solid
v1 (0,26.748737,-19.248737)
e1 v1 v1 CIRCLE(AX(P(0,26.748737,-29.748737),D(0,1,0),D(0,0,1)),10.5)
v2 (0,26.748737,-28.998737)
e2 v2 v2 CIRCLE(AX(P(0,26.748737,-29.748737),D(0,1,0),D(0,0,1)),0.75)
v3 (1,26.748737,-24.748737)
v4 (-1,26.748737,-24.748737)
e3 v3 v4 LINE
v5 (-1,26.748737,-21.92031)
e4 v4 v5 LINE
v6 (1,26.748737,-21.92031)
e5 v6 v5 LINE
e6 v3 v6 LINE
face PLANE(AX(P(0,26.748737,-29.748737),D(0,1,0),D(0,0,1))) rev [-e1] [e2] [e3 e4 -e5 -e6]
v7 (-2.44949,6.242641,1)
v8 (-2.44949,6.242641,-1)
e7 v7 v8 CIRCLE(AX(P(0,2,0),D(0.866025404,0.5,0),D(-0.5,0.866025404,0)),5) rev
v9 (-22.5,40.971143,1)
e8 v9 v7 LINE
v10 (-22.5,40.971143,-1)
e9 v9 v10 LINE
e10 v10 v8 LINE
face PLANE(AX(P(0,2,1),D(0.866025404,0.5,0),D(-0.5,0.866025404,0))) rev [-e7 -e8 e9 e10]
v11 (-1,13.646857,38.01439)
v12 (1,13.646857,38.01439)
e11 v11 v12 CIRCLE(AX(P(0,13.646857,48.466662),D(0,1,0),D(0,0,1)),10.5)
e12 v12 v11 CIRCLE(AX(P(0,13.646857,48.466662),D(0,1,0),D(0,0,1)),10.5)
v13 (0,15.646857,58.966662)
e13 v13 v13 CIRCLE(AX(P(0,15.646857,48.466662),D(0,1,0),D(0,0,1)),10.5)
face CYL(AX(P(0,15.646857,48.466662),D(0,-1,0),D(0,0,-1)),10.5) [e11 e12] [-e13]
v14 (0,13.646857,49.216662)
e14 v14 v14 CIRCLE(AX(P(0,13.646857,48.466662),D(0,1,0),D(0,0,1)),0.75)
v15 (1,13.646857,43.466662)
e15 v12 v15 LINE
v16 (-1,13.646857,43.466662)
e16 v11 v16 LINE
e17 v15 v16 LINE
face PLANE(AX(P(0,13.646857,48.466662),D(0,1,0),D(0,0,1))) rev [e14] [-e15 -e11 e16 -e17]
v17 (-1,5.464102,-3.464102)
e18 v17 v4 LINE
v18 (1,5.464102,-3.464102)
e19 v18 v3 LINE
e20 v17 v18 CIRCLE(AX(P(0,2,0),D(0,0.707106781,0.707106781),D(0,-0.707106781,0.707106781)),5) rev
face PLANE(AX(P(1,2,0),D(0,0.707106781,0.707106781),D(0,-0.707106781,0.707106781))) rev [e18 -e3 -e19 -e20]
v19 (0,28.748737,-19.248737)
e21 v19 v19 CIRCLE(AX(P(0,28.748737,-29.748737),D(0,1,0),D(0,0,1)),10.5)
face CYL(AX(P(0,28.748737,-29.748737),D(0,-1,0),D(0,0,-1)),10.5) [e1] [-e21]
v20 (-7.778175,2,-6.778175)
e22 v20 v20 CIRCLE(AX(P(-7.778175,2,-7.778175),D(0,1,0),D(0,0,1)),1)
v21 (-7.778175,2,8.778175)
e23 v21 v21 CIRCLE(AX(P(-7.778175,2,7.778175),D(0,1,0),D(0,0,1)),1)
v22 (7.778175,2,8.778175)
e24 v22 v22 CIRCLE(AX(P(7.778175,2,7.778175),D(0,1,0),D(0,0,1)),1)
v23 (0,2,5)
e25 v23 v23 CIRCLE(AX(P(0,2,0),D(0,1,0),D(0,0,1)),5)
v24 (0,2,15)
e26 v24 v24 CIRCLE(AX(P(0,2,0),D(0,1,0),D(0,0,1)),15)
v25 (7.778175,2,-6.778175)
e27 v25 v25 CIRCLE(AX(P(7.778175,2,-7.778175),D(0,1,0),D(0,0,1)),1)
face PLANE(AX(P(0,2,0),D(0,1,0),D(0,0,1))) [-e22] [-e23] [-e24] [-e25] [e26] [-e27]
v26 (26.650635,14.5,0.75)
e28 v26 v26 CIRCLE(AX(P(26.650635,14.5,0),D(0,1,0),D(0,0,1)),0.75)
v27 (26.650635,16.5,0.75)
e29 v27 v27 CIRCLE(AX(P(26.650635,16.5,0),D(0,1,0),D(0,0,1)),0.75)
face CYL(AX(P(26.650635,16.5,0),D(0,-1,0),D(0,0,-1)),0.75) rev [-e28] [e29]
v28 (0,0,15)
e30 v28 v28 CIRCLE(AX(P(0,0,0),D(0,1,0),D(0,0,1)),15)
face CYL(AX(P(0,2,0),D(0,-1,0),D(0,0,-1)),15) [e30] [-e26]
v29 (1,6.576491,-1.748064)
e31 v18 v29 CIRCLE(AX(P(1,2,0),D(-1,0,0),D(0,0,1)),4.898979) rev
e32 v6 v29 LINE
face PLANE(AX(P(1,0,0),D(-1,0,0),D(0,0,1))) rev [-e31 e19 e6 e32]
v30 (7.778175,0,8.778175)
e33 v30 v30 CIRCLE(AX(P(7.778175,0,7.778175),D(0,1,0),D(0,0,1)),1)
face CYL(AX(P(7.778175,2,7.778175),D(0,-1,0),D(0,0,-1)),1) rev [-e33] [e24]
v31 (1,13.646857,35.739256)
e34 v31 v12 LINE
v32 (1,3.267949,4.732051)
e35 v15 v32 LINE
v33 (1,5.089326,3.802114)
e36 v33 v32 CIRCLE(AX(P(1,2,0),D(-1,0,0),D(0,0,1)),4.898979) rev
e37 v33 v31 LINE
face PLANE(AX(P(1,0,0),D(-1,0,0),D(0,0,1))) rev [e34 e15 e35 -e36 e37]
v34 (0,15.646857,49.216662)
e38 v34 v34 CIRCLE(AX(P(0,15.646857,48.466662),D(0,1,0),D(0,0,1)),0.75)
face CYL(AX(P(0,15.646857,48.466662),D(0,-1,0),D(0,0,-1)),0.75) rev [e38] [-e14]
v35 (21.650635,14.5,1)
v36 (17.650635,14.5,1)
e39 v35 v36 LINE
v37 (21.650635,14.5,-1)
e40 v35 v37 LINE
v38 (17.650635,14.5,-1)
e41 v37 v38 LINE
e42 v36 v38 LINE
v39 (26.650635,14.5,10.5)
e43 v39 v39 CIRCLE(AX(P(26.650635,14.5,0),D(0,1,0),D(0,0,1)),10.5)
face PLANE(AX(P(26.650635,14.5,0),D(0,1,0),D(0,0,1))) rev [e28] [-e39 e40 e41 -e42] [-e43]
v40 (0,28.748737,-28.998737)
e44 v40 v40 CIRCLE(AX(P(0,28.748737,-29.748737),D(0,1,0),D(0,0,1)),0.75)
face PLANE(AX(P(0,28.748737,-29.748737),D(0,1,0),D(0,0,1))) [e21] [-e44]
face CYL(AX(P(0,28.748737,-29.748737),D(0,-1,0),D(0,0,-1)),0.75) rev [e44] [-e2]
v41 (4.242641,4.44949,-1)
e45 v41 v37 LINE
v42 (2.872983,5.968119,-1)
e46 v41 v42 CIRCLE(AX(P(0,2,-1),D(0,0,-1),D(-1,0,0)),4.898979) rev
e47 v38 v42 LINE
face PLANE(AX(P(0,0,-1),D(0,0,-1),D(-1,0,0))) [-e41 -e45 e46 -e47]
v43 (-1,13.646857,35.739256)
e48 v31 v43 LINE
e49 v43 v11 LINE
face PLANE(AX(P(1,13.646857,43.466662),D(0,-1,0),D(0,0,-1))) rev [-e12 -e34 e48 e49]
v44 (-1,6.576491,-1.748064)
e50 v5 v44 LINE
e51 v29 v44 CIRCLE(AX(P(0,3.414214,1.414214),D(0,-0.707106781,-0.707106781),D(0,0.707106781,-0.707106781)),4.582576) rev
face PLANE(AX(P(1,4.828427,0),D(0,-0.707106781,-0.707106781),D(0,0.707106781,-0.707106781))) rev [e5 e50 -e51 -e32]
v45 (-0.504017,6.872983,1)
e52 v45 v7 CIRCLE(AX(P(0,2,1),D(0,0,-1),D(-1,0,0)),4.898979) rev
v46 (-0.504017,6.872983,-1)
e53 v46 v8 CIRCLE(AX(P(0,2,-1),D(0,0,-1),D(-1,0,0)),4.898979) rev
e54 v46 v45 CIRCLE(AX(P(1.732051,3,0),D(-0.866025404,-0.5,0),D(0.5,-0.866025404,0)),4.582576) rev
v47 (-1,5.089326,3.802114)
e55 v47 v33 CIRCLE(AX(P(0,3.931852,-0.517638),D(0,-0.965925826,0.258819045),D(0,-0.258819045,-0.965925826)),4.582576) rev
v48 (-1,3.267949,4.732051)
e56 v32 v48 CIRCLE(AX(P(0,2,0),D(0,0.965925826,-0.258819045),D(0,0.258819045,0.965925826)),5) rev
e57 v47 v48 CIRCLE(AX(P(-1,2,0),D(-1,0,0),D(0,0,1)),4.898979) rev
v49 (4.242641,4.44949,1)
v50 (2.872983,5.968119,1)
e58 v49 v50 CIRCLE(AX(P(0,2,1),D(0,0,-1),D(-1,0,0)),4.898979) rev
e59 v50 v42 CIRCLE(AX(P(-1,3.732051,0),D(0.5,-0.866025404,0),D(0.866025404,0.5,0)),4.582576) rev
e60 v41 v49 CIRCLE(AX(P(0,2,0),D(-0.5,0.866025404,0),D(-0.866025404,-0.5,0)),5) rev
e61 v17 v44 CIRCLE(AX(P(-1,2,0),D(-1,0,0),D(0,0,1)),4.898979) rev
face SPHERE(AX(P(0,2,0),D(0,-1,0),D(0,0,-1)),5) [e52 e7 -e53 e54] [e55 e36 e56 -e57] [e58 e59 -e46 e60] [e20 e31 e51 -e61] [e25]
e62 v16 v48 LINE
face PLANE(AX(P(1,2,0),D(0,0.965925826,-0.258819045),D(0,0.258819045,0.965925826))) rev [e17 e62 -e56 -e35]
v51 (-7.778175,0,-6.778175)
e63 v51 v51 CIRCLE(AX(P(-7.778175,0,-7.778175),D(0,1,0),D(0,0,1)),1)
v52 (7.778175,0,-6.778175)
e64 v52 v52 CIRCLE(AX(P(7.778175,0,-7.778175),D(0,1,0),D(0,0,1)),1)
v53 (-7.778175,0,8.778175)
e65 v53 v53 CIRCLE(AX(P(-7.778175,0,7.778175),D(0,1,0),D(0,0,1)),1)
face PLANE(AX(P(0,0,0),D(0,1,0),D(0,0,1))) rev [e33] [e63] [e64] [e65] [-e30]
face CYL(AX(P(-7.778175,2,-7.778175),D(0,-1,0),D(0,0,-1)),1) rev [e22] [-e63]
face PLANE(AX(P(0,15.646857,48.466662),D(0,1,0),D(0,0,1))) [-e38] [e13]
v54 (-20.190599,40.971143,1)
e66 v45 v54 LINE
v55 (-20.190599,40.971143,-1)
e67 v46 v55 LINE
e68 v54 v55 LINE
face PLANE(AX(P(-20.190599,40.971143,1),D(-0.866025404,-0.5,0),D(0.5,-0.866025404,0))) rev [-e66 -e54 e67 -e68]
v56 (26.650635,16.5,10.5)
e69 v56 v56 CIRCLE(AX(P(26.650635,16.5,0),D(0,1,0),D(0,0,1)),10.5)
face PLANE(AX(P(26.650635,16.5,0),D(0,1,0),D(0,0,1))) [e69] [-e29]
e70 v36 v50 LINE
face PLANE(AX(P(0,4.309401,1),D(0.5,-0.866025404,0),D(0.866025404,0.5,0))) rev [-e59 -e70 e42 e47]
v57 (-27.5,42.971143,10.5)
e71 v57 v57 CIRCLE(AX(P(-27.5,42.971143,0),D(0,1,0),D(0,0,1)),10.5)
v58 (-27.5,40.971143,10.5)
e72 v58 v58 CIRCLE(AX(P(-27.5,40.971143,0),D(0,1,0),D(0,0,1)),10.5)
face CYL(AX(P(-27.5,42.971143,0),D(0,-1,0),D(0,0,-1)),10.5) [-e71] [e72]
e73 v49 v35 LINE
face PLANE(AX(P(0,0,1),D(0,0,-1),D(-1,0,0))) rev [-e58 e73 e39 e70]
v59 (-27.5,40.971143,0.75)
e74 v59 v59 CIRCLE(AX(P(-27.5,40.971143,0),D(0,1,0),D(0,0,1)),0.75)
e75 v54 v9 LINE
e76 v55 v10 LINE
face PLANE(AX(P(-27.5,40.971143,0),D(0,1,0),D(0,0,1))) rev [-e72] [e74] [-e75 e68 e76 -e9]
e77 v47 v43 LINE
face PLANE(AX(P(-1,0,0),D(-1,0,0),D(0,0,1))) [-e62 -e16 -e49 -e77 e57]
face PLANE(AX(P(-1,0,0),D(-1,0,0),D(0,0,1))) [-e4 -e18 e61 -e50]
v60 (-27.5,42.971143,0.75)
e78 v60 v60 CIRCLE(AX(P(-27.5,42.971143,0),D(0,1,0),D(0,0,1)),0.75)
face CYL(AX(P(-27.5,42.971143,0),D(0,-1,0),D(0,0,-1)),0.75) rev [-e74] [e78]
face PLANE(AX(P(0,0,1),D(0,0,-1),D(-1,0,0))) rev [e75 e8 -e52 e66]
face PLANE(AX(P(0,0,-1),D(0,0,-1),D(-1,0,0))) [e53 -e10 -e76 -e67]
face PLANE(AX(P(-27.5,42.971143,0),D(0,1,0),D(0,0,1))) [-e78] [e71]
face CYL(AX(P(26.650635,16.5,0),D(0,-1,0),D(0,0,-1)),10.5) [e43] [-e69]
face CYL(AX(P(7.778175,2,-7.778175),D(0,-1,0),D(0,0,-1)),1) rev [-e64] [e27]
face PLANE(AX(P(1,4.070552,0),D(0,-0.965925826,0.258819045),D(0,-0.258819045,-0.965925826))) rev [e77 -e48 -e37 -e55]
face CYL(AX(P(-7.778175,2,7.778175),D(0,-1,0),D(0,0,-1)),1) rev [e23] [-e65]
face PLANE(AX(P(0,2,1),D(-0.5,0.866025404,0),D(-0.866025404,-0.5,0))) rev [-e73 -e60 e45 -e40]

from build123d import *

# Parameters (mm, degrees)
SKETCH_1_R      = 15
SKETCH_1_R_2    = 1
EXTRUDE_1_DEPTH = 2
EXTRUDE_2_DEPTH = 1
SKETCH_4_R      = 10.5
SKETCH_4_R_2    = 0.75
EXTRUDE_3_DEPTH = 2
SKETCH_5_R      = 10.5
SKETCH_5_R_2    = 0.75
EXTRUDE_4_DEPTH = 2
EXTRUDE_5_DEPTH = 1
SKETCH_7_R      = 10.5
SKETCH_7_R_2    = 0.75
EXTRUDE_6_DEPTH = 2
SKETCH_8_R      = 10.5
SKETCH_8_R_2    = 0.75
EXTRUDE_7_DEPTH = 2


with BuildPart() as part:
    # 草图1 → 凸台-拉伸1 (new body)
    with BuildSketch(Plane(origin=(0, 0, 0), x_dir=(1, 0, 0), z_dir=(0, 1, 0))):
        with Locations(Location((0, 0, 0), (0, 0, 270))):
            Circle(SKETCH_1_R)
        with Locations(Location((7.778174593, 7.778174593, 0), (0, 0, 270))):
            Circle(SKETCH_1_R_2, mode=Mode.SUBTRACT)
        with Locations(Location((-7.778174593, 7.778174593, 0), (0, 0, 270))):
            Circle(SKETCH_1_R_2, mode=Mode.SUBTRACT)
        with Locations(Location((-7.778174593, -7.778174593, 0), (0, 0, 270))):
            Circle(SKETCH_1_R_2, mode=Mode.SUBTRACT)
        with Locations(Location((7.778174593, -7.778174593, 0), (0, 0, 270))):
            Circle(SKETCH_1_R_2, mode=Mode.SUBTRACT)
    extrude(amount=EXTRUDE_1_DEPTH)

    # 草图2 → 旋转1 (revolve)
    with BuildSketch(Plane(origin=(0, 0, 0), x_dir=(0, 0, -1), z_dir=(1, 0, 0))):
        with BuildLine():
            Line((0, 2), (0, 7))
            ThreePointArc((0, 7), (3.535533906, 5.535533906), (5, 2))
            Line((5, 2), (0, 2))
        make_face()
    revolve(axis=Axis((0, 2, 0), (0, 1, 0)))

    # 草图3 → 凸台-拉伸2 (add, symmetric)
    with BuildSketch(Plane.XY):
        Polygon((0, 2), (21.650635095, 14.5), (17.650635095, 14.5), (0, 4.309401077), (0, 6), (-20.190598923, 40.97114317), (-22.5, 40.97114317), align=None)
    extrude(amount=EXTRUDE_2_DEPTH, both=True)

    # 草图4 → 凸台-拉伸3 (add)
    with BuildSketch(Plane(origin=(0, 14.5, 0), x_dir=(1, 0, 0), z_dir=(0, 1, 0))):
        with Locations(Location((26.650635095, 0, 0), (0, 0, 270))):
            Circle(SKETCH_4_R)
        with Locations(Location((26.650635095, 0, 0), (0, 0, 270))):
            Circle(SKETCH_4_R_2, mode=Mode.SUBTRACT)
    extrude(amount=EXTRUDE_3_DEPTH)

    # 草图5 → 凸台-拉伸4 (add)
    with BuildSketch(Plane(origin=(0, 40.97114317, 0), x_dir=(1, 0, 0), z_dir=(0, 1, 0))):
        with Locations(Location((-27.5, 0, 0), (0, 0, 270))):
            Circle(SKETCH_5_R)
        with Locations(Location((-27.5, 0, 0), (0, 0, 270))):
            Circle(SKETCH_5_R_2, mode=Mode.SUBTRACT)
    extrude(amount=EXTRUDE_4_DEPTH)

    # 草图6 → 凸台-拉伸5 (add, symmetric)
    with BuildSketch(Plane(origin=(0, 0, 0), x_dir=(0, 0, -1), z_dir=(1, 0, 0))):
        Polygon((0, 2), (24.748737342, 26.748737342), (21.920310217, 26.748737342), (0, 4.828427125), (0, 4.070552361), (-35.739255573, 13.64685703), (-43.466662183, 13.64685703), align=None)
    extrude(amount=EXTRUDE_5_DEPTH, both=True)

    # 草图7 → 凸台-拉伸6 (add)
    with BuildSketch(Plane(origin=(0, 26.748737342, 0), x_dir=(1, 0, 0), z_dir=(0, 1, 0))):
        with Locations(Location((0, 29.748737342, 0), (0, 0, 270))):
            Circle(SKETCH_7_R)
        with Locations(Location((0, 29.748737342, 0), (0, 0, 270))):
            Circle(SKETCH_7_R_2, mode=Mode.SUBTRACT)
    extrude(amount=EXTRUDE_6_DEPTH)

    # 草图8 → 凸台-拉伸7 (add)
    with BuildSketch(Plane(origin=(0, 13.64685703, 0), x_dir=(1, 0, 0), z_dir=(0, 1, 0))):
        with Locations(Location((0, -48.466662183, 0), (0, 0, 95.4650238))):
            Circle(SKETCH_8_R)
        with Locations(Location((0, -48.466662183, 0), (0, 0, 270))):
            Circle(SKETCH_8_R_2, mode=Mode.SUBTRACT)
    extrude(amount=EXTRUDE_7_DEPTH)


solid = part.part
